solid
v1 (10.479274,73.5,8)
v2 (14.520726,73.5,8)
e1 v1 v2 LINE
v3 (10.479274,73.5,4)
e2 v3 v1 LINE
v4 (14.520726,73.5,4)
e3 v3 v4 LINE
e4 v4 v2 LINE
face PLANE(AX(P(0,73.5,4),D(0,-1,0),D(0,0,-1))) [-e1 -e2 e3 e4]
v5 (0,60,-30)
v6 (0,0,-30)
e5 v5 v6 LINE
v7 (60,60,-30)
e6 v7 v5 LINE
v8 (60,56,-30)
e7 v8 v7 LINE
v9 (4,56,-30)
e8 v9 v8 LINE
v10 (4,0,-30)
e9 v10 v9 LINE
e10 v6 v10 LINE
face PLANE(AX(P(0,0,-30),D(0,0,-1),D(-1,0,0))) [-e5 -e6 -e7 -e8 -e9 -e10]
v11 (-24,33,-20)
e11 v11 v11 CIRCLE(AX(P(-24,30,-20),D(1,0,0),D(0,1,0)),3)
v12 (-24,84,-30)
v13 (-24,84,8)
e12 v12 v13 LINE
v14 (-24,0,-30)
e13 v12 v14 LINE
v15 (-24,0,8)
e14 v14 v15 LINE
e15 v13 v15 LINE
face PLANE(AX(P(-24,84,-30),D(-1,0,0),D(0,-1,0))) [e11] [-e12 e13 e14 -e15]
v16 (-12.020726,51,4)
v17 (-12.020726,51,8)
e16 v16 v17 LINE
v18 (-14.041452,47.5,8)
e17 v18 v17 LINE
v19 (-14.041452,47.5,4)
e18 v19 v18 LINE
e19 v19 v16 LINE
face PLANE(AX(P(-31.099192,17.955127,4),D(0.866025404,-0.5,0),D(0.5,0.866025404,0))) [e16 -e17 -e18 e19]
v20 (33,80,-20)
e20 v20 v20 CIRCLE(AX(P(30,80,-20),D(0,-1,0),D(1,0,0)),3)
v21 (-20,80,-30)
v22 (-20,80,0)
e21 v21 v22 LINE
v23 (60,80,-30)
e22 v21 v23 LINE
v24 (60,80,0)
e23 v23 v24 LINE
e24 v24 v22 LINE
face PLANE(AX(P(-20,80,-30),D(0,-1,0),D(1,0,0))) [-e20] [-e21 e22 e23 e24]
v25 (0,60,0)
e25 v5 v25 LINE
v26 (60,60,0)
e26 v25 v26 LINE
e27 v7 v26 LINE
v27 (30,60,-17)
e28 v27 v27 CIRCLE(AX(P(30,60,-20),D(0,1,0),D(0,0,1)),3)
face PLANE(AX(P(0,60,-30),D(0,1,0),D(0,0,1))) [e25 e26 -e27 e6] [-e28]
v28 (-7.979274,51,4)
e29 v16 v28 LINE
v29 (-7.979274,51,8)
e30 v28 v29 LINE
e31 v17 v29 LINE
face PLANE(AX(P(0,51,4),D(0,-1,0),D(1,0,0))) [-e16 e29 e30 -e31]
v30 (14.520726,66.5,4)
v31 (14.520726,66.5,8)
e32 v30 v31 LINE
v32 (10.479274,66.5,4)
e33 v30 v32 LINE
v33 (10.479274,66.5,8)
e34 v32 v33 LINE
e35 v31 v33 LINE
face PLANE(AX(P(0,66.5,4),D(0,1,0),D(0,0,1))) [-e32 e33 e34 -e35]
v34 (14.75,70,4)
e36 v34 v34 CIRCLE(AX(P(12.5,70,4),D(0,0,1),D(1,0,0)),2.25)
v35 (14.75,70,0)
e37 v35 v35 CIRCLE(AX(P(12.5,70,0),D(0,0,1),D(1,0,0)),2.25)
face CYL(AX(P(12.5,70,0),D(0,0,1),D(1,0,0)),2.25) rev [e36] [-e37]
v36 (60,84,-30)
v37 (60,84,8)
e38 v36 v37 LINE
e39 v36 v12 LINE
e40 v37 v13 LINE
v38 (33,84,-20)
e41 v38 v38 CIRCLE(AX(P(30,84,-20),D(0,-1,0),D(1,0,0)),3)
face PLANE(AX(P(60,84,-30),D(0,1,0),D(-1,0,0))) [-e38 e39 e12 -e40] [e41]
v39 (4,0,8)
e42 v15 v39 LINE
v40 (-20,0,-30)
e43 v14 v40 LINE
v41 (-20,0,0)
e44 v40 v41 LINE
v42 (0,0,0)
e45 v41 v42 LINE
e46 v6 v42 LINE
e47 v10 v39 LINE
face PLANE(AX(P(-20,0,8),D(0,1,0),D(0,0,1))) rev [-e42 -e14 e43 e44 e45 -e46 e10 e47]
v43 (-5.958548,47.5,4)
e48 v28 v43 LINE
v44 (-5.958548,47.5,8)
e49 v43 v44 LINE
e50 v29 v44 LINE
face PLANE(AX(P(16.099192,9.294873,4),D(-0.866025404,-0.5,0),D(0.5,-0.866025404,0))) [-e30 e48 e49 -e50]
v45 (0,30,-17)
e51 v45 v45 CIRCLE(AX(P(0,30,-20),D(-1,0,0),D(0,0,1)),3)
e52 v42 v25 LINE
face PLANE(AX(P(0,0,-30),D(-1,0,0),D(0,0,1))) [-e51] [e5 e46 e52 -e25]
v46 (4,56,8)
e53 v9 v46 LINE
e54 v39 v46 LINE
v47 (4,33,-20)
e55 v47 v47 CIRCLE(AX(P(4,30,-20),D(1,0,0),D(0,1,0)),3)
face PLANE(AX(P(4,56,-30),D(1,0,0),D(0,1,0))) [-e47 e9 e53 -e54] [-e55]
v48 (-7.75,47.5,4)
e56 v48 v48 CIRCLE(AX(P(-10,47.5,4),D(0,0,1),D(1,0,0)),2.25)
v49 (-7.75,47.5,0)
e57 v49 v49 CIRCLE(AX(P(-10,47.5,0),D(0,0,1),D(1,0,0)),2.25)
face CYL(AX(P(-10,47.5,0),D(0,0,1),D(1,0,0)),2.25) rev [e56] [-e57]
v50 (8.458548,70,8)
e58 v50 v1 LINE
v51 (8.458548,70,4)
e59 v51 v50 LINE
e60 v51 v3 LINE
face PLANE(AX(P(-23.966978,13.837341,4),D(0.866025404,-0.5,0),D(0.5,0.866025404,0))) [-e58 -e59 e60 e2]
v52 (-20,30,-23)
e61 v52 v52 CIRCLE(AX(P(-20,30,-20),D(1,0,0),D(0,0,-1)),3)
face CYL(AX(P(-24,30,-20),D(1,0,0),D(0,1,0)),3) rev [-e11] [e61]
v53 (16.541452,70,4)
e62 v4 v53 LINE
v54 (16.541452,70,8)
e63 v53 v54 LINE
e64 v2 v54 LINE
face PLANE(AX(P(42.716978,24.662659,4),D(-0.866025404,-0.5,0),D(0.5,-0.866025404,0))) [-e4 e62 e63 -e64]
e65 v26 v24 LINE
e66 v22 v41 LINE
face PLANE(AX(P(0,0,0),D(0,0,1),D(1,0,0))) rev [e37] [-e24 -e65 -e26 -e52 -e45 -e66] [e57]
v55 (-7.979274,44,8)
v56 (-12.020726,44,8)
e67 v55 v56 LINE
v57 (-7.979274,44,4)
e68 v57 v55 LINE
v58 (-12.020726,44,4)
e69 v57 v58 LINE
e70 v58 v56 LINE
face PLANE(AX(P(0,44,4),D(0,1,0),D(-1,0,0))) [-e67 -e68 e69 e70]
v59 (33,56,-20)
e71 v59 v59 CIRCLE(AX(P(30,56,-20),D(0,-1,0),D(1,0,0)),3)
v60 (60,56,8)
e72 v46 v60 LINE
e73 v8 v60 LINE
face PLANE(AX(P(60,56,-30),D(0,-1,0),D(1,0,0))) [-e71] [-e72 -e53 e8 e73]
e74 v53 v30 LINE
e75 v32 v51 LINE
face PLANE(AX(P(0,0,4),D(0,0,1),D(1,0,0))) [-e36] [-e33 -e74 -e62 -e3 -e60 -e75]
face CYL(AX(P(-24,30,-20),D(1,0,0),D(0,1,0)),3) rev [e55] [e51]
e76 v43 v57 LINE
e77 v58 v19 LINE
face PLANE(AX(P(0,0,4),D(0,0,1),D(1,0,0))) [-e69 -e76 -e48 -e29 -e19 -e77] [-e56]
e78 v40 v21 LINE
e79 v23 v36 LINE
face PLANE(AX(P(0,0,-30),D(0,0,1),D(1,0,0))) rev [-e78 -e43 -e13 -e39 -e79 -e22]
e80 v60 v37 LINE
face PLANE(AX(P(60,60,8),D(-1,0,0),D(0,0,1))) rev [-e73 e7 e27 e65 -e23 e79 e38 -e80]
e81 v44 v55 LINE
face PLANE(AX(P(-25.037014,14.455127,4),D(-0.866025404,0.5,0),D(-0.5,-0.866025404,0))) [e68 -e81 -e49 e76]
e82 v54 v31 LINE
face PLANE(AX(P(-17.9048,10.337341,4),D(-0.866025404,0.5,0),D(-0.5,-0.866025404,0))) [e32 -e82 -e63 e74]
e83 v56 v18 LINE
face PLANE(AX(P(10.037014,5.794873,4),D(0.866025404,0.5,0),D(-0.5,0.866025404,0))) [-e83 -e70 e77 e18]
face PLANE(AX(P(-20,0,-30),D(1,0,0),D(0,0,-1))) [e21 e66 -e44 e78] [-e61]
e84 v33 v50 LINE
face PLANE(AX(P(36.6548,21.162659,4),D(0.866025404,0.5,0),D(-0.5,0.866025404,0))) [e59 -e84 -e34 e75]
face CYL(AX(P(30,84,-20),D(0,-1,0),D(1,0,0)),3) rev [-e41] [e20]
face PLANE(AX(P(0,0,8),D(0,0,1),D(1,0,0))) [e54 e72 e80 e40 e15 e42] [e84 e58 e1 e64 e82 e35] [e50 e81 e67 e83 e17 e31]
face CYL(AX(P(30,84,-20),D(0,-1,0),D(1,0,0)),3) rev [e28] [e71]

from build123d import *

# Parameters (mm, degrees)
BOSS_EXTRU_1_DEPTH      = 8
ENL_V_MAT_EXTRU_1_DEPTH = 4
ESQUISSE3_R             = 2.25
ENL_V_MAT_EXTRU_2_DEPTH = 5
BOSS_EXTRU_2_DEPTH      = 38
ESQUISSE5_R             = 3
ENL_V_MAT_EXTRU_3_DEPTH = 29
ESQUISSE6_R             = 3
ENL_V_MAT_EXTRU_4_DEPTH = 29


with BuildPart() as part:
    # Esquisse1 → Boss.-Extru.1 (new body)
    with BuildSketch(Plane.XY):
        Polygon((0, 0), (0, 60), (60, 60), (60, 80), (-20, 80), (-20, 0), align=None)
    extrude(amount=BOSS_EXTRU_1_DEPTH)

    # Esquisse2 → Enlèv. mat.-Extru.1 (cut)
    with BuildSketch(Plane.XY.offset(8)):
        Polygon((-14.041451884, 47.5), (-12.020725942, 51), (-7.979274058, 51), (-5.958548116, 47.5), (-7.979274058, 44), (-12.020725942, 44), align=None)
        Polygon((8.458548116, 70), (10.479274058, 73.5), (14.520725942, 73.5), (16.541451884, 70), (14.520725942, 66.5), (10.479274058, 66.5), align=None)
    extrude(amount=-ENL_V_MAT_EXTRU_1_DEPTH, mode=Mode.SUBTRACT)

    # Esquisse3 → Enlèv. mat.-Extru.2 (cut, through all)
    with BuildSketch(Plane.XY.offset(4)):
        with Locations((-10, 47.5)):
            Circle(ESQUISSE3_R)
        with Locations((12.5, 70)):
            Circle(ESQUISSE3_R)
    extrude(amount=-ENL_V_MAT_EXTRU_2_DEPTH, mode=Mode.SUBTRACT)

    # Esquisse4 → Boss.-Extru.2 (add)
    with BuildSketch(Plane.XY.offset(8)):
        Polygon((0, 0), (0, 60), (60, 60), (60, 56), (4, 56), (4, 0), align=None)
        Polygon((60, 80), (60, 84), (-24, 84), (-24, 0), (-20, 0), (-20, 80), align=None)
    extrude(amount=-BOSS_EXTRU_2_DEPTH)

    # Esquisse5 → Enlèv. mat.-Extru.3 (cut, through all)
    with BuildSketch(Plane.XZ.offset(-56)):
        with Locations((30, -20)):
            Circle(ESQUISSE5_R)
    extrude(amount=-ENL_V_MAT_EXTRU_3_DEPTH, mode=Mode.SUBTRACT)

    # Esquisse6 → Enlèv. mat.-Extru.4 (cut, through all)
    with BuildSketch(Plane(origin=(4, 0, 0), x_dir=(0, 0, -1), z_dir=(1, 0, 0))):
        with Locations(Location((20, 30, 0), (0, 0, 90))):  # turned: the seam where the file's is
            Circle(ESQUISSE6_R)
    extrude(amount=-ENL_V_MAT_EXTRU_4_DEPTH, mode=Mode.SUBTRACT)


solid = part.part
